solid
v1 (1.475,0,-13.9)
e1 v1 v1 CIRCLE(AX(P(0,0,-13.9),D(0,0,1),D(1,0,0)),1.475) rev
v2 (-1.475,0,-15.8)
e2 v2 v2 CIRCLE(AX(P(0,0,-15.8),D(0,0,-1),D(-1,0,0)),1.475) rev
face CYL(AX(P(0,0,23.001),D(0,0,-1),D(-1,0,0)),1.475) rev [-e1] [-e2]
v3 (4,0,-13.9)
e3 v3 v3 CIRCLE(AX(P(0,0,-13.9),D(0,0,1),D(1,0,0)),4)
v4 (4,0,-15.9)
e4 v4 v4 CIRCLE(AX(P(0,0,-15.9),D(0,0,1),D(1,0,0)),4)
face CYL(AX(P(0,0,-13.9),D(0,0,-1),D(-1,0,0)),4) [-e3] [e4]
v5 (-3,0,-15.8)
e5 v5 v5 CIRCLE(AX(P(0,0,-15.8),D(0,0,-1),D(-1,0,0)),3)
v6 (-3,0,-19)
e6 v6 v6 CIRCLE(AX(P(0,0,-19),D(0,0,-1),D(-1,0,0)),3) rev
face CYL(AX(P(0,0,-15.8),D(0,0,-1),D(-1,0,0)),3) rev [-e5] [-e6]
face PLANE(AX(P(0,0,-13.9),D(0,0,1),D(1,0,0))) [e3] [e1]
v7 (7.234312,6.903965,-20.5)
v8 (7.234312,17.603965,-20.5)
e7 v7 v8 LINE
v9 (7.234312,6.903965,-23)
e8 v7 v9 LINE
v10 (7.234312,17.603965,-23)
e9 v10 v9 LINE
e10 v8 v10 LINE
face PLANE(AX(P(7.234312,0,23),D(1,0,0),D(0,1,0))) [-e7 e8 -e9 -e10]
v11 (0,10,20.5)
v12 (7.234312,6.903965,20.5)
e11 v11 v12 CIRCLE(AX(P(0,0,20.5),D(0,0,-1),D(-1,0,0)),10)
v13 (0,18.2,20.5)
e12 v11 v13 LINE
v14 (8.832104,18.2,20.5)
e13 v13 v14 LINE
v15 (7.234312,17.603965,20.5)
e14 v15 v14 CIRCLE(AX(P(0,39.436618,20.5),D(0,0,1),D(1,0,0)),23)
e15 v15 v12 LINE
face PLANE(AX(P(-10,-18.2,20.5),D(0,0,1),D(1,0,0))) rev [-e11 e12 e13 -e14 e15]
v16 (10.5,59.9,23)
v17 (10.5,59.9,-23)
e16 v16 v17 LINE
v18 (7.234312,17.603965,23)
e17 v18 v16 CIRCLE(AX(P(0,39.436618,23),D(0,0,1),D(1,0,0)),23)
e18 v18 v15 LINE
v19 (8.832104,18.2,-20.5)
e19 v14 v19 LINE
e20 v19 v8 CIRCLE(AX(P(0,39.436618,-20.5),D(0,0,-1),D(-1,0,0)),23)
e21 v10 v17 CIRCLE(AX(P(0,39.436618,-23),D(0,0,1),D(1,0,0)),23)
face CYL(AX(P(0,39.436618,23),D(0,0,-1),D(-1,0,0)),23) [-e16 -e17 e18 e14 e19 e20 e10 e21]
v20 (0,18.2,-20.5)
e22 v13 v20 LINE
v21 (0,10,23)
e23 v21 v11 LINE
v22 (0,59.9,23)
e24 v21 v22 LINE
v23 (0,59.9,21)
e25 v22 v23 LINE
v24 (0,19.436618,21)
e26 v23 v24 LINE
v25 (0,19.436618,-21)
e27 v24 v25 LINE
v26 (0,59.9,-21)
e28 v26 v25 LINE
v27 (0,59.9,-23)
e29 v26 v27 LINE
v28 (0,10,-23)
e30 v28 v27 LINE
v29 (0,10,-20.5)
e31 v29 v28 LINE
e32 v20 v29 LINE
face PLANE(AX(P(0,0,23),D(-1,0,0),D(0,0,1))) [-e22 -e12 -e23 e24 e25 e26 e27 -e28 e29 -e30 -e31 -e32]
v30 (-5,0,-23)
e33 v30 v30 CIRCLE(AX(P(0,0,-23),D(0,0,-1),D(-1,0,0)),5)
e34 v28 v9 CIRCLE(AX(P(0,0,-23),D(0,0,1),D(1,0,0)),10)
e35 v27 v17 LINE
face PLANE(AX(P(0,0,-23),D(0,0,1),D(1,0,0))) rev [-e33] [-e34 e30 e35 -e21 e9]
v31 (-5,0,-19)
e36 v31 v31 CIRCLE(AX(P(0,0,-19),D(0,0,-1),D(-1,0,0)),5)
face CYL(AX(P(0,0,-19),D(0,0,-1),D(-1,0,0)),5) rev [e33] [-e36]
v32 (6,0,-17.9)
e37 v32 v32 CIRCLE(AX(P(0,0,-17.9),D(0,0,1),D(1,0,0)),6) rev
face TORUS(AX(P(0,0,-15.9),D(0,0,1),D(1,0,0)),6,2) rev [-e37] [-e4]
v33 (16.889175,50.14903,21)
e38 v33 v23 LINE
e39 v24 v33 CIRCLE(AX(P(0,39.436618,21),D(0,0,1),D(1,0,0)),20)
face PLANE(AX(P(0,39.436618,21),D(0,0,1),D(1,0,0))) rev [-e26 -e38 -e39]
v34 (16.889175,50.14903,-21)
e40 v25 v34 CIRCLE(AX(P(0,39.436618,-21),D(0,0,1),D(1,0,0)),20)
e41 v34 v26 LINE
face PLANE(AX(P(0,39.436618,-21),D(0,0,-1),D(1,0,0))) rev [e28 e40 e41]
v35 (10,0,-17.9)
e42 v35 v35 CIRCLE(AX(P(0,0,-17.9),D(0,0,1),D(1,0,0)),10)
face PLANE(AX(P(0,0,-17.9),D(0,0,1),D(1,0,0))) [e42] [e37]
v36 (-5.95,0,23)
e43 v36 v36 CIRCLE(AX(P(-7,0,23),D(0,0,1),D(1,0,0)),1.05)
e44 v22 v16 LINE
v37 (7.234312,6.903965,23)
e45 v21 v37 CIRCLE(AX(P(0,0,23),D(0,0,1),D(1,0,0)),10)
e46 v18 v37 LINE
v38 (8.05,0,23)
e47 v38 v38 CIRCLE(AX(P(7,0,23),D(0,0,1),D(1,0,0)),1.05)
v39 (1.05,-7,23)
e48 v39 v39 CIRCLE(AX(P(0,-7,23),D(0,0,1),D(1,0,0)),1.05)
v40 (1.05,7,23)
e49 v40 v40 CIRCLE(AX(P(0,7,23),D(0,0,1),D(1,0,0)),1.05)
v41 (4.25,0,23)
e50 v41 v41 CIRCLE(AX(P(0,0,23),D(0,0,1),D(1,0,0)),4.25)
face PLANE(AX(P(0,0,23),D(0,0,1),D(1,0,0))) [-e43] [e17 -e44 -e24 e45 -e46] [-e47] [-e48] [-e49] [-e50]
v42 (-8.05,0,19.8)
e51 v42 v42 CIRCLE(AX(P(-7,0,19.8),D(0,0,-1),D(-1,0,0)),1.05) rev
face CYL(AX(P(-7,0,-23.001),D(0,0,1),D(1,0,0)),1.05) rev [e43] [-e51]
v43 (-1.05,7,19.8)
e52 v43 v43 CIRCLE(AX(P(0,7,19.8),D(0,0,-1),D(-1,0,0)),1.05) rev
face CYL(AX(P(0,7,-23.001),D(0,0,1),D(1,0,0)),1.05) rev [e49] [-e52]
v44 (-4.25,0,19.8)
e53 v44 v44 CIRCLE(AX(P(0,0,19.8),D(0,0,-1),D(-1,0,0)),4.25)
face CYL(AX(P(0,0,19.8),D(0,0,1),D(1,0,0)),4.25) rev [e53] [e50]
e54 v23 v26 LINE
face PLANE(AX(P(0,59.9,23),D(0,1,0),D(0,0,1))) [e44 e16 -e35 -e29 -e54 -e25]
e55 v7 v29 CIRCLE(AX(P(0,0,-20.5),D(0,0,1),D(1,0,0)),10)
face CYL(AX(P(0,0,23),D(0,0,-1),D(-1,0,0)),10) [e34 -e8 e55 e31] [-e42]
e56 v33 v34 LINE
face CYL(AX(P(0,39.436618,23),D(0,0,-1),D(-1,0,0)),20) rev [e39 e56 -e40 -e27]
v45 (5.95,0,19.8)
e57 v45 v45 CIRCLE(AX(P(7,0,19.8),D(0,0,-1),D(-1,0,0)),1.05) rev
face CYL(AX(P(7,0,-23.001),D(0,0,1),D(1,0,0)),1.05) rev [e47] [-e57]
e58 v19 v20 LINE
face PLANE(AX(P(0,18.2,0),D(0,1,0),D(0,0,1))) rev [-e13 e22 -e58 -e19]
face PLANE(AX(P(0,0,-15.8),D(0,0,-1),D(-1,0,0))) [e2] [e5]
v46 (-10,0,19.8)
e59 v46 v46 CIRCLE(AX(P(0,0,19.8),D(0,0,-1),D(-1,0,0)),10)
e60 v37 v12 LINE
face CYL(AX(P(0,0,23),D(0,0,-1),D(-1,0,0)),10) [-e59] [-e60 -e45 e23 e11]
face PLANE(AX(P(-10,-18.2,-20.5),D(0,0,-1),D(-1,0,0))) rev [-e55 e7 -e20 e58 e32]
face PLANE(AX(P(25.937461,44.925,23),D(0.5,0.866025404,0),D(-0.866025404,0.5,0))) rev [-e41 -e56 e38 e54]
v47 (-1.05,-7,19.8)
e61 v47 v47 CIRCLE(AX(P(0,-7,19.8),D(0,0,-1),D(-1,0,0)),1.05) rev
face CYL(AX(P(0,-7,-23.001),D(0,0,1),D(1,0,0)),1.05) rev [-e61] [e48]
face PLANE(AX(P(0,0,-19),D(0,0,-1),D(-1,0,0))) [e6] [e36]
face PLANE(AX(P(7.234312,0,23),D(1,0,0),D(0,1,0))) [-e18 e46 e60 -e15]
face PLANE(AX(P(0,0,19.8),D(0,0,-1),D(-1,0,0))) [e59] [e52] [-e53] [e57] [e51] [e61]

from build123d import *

# Parameters (mm, degrees)
BOSS_EXTRUDE1_DEPTH = 23
BOSS_EXTRUDE3_DEPTH = 2
SKETCH4_W           = 20
SKETCH4_H           = 41
CUT_EXTRUDE1_DEPTH  = 18.2
SKETCH5_R           = 10
SKETCH5_R_2         = 4.25
BOSS_EXTRUDE4_DEPTH = 0.7
CUT_EXTRUDE2_REACH  = 80.949
SKETCH6_R           = 1.05
SKETCH6_R_2         = 4.25
BOSS_EXTRUDE5_START = 6.1
SKETCH7_R           = 10
BOSS_EXTRUDE5_DEPTH = 6.1
SKETCH11_R          = 4
BOSS_EXTRUDE6_DEPTH = 0.5
SKETCH10_R          = 3
CUT_EXTRUDE4_DEPTH  = 7.2
CUT_EXTRUDE3_REACH  = 80.949
SKETCH9_R           = 1.475
SKETCH12_R          = 5
CUT_EXTRUDE5_DEPTH  = 4
SKETCH13_R          = 10
SKETCH13_R_2        = 4
CUT_EXTRUDE6_DEPTH  = 3.5
FILLET2_R           = 2


with BuildPart() as part:
    # Sketch1 → Boss-Extrude1 (new, symmetric)
    with BuildSketch(Plane.XY):
        with BuildLine():
            Line((0, 59.9), (16.889174661, 50.149030463))
            ThreePointArc((16.889174661, 50.149030463), (17.524957173, 29.799404984), (0, 19.43661807))
            Line((0, 19.43661807), (0, 10))
            ThreePointArc((0, 10), (-3.934485272, -9.193466465), (7.234311682, 6.903965128))
            Line((7.234311682, 6.903965128), (7.234311682, 17.603965128))
            ThreePointArc((7.234311682, 17.603965128), (22.931748607, 37.666051544), (10.5, 59.9))
            Line((10.5, 59.9), (0, 59.9))
        make_face()
    extrude(amount=BOSS_EXTRUDE1_DEPTH, both=True)

    # Sketch3 → Boss-Extrude3 (add)
    with BuildSketch(Plane.XY.offset(23)):
        with BuildLine():
            Line((0, 59.9), (0, 19.43661807))
            ThreePointArc((0, 19.43661807), (17.524957173, 29.799404984), (16.889174661, 50.149030463))
            Line((16.889174661, 50.149030463), (0, 59.9))
        make_face()
    boss_extrude3 = extrude(amount=-BOSS_EXTRUDE3_DEPTH)

    # Mirror1: Boss-Extrude3 across plane
    add(boss_extrude3.mirror(Plane.XY))

    # Sketch4 → Cut-Extrude1 (cut, symmetric)
    with BuildSketch(Plane(origin=(0, 0, 0), x_dir=(1, 0, 0), z_dir=(0, 1, 0))):
        Rectangle(SKETCH4_W, SKETCH4_H)
    extrude(amount=CUT_EXTRUDE1_DEPTH, both=True, mode=Mode.SUBTRACT)

    # Sketch5 → Boss-Extrude4 (add)
    with BuildSketch(Plane(origin=(0, 0, 20.5), x_dir=(-1, 0, 0), z_dir=(0, 0, -1))):
        Circle(SKETCH5_R)
        Circle(SKETCH5_R_2, mode=Mode.SUBTRACT)
    extrude(amount=BOSS_EXTRUDE4_DEPTH)

    # Sketch6 → Cut-Extrude2 (cut, up to next)
    with BuildSketch(Plane.XY.offset(23), mode=Mode.PRIVATE) as cut_extrude2_sk1:
        with Locations((0, 7)):
            Circle(SKETCH6_R)
    cut_extrude2_tool1 = extrude(cut_extrude2_sk1.sketch, amount=-CUT_EXTRUDE2_REACH, mode=Mode.PRIVATE) & part.part
    # Sketch6 → Cut-Extrude2 (cut, up to next)
    with BuildSketch(Plane.XY.offset(23), mode=Mode.PRIVATE) as cut_extrude2_sk2:
        with Locations((7, 0)):
            Circle(SKETCH6_R)
    cut_extrude2_tool2 = extrude(cut_extrude2_sk2.sketch, amount=-CUT_EXTRUDE2_REACH, mode=Mode.PRIVATE) & part.part
    # Sketch6 → Cut-Extrude2 (cut, up to next)
    with BuildSketch(Plane.XY.offset(23), mode=Mode.PRIVATE) as cut_extrude2_sk3:
        with Locations((0, -7)):
            Circle(SKETCH6_R)
    cut_extrude2_tool3 = extrude(cut_extrude2_sk3.sketch, amount=-CUT_EXTRUDE2_REACH, mode=Mode.PRIVATE) & part.part
    # Sketch6 → Cut-Extrude2 (cut, up to next)
    with BuildSketch(Plane.XY.offset(23), mode=Mode.PRIVATE) as cut_extrude2_sk4:
        with Locations((-7, 0)):
            Circle(SKETCH6_R)
    cut_extrude2_tool4 = extrude(cut_extrude2_sk4.sketch, amount=-CUT_EXTRUDE2_REACH, mode=Mode.PRIVATE) & part.part
    # Sketch6 → Cut-Extrude2 (cut, up to next)
    with BuildSketch(Plane.XY.offset(23), mode=Mode.PRIVATE) as cut_extrude2_sk5:
        Circle(SKETCH6_R_2)
    cut_extrude2_tool5 = extrude(cut_extrude2_sk5.sketch, amount=-CUT_EXTRUDE2_REACH, mode=Mode.PRIVATE) & part.part
    add(cut_extrude2_tool1.solids().sort_by_distance((0, 7, 23))[0], mode=Mode.SUBTRACT)
    add(cut_extrude2_tool2.solids().sort_by_distance((7, 0, 23))[0], mode=Mode.SUBTRACT)
    add(cut_extrude2_tool3.solids().sort_by_distance((0, -7, 23))[0], mode=Mode.SUBTRACT)
    add(cut_extrude2_tool4.solids().sort_by_distance((-7, 0, 23))[0], mode=Mode.SUBTRACT)
    add(cut_extrude2_tool5.solids().sort_by_distance((0, 0, 23))[0], mode=Mode.SUBTRACT)

    # Sketch7 → Boss-Extrude5 (add)
    with BuildSketch(Plane.XY.offset(-20.5).offset(BOSS_EXTRUDE5_START)):
        with Locations(Location((0, 0, 0), (0, 0, 90))):
            Circle(SKETCH7_R)
    extrude(amount=-BOSS_EXTRUDE5_DEPTH)

    # Sketch11 → Boss-Extrude6 (add)
    with BuildSketch(Plane.XY.offset(-14.4)):
        Circle(SKETCH11_R)
    extrude(amount=BOSS_EXTRUDE6_DEPTH)

    # Sketch10 → Cut-Extrude4 (cut)
    with BuildSketch(Plane(origin=(0, 0, -23), x_dir=(-1, 0, 0), z_dir=(0, 0, -1))):
        Circle(SKETCH10_R)
    extrude(amount=-CUT_EXTRUDE4_DEPTH, mode=Mode.SUBTRACT)

    # Sketch9 → Cut-Extrude3 (cut, up to next)
    with BuildSketch(Plane(origin=(0, 0, -23), x_dir=(-1, 0, 0), z_dir=(0, 0, -1)), mode=Mode.PRIVATE) as cut_extrude3_sk1:
        Circle(SKETCH9_R)
    cut_extrude3_tool1 = extrude(cut_extrude3_sk1.sketch, amount=-CUT_EXTRUDE3_REACH, mode=Mode.PRIVATE) & part.part
    add(cut_extrude3_tool1.solids().sort_by_distance((0, 0, -23))[0], mode=Mode.SUBTRACT)

    # Sketch12 → Cut-Extrude5 (cut)
    with BuildSketch(Plane(origin=(0, 0, -23), x_dir=(-1, 0, 0), z_dir=(0, 0, -1))):
        Circle(SKETCH12_R)
    extrude(amount=-CUT_EXTRUDE5_DEPTH, mode=Mode.SUBTRACT)

    # Sketch13 → Cut-Extrude6 (cut)
    with BuildSketch(Plane.XY.offset(-14.4)):
        with Locations(Location((0, 0, 0), (0, 0, 90))):
            Circle(SKETCH13_R)
        Circle(SKETCH13_R_2, mode=Mode.SUBTRACT)
    extrude(amount=-CUT_EXTRUDE6_DEPTH, mode=Mode.SUBTRACT)

    # Fillet2
    fillet2_edges = [part.edges().sort_by_distance(p)[0] for p in [
        (-4, 0, -17.9),
    ]]
    fillet(fillet2_edges, radius=FILLET2_R)


solid = part.part
